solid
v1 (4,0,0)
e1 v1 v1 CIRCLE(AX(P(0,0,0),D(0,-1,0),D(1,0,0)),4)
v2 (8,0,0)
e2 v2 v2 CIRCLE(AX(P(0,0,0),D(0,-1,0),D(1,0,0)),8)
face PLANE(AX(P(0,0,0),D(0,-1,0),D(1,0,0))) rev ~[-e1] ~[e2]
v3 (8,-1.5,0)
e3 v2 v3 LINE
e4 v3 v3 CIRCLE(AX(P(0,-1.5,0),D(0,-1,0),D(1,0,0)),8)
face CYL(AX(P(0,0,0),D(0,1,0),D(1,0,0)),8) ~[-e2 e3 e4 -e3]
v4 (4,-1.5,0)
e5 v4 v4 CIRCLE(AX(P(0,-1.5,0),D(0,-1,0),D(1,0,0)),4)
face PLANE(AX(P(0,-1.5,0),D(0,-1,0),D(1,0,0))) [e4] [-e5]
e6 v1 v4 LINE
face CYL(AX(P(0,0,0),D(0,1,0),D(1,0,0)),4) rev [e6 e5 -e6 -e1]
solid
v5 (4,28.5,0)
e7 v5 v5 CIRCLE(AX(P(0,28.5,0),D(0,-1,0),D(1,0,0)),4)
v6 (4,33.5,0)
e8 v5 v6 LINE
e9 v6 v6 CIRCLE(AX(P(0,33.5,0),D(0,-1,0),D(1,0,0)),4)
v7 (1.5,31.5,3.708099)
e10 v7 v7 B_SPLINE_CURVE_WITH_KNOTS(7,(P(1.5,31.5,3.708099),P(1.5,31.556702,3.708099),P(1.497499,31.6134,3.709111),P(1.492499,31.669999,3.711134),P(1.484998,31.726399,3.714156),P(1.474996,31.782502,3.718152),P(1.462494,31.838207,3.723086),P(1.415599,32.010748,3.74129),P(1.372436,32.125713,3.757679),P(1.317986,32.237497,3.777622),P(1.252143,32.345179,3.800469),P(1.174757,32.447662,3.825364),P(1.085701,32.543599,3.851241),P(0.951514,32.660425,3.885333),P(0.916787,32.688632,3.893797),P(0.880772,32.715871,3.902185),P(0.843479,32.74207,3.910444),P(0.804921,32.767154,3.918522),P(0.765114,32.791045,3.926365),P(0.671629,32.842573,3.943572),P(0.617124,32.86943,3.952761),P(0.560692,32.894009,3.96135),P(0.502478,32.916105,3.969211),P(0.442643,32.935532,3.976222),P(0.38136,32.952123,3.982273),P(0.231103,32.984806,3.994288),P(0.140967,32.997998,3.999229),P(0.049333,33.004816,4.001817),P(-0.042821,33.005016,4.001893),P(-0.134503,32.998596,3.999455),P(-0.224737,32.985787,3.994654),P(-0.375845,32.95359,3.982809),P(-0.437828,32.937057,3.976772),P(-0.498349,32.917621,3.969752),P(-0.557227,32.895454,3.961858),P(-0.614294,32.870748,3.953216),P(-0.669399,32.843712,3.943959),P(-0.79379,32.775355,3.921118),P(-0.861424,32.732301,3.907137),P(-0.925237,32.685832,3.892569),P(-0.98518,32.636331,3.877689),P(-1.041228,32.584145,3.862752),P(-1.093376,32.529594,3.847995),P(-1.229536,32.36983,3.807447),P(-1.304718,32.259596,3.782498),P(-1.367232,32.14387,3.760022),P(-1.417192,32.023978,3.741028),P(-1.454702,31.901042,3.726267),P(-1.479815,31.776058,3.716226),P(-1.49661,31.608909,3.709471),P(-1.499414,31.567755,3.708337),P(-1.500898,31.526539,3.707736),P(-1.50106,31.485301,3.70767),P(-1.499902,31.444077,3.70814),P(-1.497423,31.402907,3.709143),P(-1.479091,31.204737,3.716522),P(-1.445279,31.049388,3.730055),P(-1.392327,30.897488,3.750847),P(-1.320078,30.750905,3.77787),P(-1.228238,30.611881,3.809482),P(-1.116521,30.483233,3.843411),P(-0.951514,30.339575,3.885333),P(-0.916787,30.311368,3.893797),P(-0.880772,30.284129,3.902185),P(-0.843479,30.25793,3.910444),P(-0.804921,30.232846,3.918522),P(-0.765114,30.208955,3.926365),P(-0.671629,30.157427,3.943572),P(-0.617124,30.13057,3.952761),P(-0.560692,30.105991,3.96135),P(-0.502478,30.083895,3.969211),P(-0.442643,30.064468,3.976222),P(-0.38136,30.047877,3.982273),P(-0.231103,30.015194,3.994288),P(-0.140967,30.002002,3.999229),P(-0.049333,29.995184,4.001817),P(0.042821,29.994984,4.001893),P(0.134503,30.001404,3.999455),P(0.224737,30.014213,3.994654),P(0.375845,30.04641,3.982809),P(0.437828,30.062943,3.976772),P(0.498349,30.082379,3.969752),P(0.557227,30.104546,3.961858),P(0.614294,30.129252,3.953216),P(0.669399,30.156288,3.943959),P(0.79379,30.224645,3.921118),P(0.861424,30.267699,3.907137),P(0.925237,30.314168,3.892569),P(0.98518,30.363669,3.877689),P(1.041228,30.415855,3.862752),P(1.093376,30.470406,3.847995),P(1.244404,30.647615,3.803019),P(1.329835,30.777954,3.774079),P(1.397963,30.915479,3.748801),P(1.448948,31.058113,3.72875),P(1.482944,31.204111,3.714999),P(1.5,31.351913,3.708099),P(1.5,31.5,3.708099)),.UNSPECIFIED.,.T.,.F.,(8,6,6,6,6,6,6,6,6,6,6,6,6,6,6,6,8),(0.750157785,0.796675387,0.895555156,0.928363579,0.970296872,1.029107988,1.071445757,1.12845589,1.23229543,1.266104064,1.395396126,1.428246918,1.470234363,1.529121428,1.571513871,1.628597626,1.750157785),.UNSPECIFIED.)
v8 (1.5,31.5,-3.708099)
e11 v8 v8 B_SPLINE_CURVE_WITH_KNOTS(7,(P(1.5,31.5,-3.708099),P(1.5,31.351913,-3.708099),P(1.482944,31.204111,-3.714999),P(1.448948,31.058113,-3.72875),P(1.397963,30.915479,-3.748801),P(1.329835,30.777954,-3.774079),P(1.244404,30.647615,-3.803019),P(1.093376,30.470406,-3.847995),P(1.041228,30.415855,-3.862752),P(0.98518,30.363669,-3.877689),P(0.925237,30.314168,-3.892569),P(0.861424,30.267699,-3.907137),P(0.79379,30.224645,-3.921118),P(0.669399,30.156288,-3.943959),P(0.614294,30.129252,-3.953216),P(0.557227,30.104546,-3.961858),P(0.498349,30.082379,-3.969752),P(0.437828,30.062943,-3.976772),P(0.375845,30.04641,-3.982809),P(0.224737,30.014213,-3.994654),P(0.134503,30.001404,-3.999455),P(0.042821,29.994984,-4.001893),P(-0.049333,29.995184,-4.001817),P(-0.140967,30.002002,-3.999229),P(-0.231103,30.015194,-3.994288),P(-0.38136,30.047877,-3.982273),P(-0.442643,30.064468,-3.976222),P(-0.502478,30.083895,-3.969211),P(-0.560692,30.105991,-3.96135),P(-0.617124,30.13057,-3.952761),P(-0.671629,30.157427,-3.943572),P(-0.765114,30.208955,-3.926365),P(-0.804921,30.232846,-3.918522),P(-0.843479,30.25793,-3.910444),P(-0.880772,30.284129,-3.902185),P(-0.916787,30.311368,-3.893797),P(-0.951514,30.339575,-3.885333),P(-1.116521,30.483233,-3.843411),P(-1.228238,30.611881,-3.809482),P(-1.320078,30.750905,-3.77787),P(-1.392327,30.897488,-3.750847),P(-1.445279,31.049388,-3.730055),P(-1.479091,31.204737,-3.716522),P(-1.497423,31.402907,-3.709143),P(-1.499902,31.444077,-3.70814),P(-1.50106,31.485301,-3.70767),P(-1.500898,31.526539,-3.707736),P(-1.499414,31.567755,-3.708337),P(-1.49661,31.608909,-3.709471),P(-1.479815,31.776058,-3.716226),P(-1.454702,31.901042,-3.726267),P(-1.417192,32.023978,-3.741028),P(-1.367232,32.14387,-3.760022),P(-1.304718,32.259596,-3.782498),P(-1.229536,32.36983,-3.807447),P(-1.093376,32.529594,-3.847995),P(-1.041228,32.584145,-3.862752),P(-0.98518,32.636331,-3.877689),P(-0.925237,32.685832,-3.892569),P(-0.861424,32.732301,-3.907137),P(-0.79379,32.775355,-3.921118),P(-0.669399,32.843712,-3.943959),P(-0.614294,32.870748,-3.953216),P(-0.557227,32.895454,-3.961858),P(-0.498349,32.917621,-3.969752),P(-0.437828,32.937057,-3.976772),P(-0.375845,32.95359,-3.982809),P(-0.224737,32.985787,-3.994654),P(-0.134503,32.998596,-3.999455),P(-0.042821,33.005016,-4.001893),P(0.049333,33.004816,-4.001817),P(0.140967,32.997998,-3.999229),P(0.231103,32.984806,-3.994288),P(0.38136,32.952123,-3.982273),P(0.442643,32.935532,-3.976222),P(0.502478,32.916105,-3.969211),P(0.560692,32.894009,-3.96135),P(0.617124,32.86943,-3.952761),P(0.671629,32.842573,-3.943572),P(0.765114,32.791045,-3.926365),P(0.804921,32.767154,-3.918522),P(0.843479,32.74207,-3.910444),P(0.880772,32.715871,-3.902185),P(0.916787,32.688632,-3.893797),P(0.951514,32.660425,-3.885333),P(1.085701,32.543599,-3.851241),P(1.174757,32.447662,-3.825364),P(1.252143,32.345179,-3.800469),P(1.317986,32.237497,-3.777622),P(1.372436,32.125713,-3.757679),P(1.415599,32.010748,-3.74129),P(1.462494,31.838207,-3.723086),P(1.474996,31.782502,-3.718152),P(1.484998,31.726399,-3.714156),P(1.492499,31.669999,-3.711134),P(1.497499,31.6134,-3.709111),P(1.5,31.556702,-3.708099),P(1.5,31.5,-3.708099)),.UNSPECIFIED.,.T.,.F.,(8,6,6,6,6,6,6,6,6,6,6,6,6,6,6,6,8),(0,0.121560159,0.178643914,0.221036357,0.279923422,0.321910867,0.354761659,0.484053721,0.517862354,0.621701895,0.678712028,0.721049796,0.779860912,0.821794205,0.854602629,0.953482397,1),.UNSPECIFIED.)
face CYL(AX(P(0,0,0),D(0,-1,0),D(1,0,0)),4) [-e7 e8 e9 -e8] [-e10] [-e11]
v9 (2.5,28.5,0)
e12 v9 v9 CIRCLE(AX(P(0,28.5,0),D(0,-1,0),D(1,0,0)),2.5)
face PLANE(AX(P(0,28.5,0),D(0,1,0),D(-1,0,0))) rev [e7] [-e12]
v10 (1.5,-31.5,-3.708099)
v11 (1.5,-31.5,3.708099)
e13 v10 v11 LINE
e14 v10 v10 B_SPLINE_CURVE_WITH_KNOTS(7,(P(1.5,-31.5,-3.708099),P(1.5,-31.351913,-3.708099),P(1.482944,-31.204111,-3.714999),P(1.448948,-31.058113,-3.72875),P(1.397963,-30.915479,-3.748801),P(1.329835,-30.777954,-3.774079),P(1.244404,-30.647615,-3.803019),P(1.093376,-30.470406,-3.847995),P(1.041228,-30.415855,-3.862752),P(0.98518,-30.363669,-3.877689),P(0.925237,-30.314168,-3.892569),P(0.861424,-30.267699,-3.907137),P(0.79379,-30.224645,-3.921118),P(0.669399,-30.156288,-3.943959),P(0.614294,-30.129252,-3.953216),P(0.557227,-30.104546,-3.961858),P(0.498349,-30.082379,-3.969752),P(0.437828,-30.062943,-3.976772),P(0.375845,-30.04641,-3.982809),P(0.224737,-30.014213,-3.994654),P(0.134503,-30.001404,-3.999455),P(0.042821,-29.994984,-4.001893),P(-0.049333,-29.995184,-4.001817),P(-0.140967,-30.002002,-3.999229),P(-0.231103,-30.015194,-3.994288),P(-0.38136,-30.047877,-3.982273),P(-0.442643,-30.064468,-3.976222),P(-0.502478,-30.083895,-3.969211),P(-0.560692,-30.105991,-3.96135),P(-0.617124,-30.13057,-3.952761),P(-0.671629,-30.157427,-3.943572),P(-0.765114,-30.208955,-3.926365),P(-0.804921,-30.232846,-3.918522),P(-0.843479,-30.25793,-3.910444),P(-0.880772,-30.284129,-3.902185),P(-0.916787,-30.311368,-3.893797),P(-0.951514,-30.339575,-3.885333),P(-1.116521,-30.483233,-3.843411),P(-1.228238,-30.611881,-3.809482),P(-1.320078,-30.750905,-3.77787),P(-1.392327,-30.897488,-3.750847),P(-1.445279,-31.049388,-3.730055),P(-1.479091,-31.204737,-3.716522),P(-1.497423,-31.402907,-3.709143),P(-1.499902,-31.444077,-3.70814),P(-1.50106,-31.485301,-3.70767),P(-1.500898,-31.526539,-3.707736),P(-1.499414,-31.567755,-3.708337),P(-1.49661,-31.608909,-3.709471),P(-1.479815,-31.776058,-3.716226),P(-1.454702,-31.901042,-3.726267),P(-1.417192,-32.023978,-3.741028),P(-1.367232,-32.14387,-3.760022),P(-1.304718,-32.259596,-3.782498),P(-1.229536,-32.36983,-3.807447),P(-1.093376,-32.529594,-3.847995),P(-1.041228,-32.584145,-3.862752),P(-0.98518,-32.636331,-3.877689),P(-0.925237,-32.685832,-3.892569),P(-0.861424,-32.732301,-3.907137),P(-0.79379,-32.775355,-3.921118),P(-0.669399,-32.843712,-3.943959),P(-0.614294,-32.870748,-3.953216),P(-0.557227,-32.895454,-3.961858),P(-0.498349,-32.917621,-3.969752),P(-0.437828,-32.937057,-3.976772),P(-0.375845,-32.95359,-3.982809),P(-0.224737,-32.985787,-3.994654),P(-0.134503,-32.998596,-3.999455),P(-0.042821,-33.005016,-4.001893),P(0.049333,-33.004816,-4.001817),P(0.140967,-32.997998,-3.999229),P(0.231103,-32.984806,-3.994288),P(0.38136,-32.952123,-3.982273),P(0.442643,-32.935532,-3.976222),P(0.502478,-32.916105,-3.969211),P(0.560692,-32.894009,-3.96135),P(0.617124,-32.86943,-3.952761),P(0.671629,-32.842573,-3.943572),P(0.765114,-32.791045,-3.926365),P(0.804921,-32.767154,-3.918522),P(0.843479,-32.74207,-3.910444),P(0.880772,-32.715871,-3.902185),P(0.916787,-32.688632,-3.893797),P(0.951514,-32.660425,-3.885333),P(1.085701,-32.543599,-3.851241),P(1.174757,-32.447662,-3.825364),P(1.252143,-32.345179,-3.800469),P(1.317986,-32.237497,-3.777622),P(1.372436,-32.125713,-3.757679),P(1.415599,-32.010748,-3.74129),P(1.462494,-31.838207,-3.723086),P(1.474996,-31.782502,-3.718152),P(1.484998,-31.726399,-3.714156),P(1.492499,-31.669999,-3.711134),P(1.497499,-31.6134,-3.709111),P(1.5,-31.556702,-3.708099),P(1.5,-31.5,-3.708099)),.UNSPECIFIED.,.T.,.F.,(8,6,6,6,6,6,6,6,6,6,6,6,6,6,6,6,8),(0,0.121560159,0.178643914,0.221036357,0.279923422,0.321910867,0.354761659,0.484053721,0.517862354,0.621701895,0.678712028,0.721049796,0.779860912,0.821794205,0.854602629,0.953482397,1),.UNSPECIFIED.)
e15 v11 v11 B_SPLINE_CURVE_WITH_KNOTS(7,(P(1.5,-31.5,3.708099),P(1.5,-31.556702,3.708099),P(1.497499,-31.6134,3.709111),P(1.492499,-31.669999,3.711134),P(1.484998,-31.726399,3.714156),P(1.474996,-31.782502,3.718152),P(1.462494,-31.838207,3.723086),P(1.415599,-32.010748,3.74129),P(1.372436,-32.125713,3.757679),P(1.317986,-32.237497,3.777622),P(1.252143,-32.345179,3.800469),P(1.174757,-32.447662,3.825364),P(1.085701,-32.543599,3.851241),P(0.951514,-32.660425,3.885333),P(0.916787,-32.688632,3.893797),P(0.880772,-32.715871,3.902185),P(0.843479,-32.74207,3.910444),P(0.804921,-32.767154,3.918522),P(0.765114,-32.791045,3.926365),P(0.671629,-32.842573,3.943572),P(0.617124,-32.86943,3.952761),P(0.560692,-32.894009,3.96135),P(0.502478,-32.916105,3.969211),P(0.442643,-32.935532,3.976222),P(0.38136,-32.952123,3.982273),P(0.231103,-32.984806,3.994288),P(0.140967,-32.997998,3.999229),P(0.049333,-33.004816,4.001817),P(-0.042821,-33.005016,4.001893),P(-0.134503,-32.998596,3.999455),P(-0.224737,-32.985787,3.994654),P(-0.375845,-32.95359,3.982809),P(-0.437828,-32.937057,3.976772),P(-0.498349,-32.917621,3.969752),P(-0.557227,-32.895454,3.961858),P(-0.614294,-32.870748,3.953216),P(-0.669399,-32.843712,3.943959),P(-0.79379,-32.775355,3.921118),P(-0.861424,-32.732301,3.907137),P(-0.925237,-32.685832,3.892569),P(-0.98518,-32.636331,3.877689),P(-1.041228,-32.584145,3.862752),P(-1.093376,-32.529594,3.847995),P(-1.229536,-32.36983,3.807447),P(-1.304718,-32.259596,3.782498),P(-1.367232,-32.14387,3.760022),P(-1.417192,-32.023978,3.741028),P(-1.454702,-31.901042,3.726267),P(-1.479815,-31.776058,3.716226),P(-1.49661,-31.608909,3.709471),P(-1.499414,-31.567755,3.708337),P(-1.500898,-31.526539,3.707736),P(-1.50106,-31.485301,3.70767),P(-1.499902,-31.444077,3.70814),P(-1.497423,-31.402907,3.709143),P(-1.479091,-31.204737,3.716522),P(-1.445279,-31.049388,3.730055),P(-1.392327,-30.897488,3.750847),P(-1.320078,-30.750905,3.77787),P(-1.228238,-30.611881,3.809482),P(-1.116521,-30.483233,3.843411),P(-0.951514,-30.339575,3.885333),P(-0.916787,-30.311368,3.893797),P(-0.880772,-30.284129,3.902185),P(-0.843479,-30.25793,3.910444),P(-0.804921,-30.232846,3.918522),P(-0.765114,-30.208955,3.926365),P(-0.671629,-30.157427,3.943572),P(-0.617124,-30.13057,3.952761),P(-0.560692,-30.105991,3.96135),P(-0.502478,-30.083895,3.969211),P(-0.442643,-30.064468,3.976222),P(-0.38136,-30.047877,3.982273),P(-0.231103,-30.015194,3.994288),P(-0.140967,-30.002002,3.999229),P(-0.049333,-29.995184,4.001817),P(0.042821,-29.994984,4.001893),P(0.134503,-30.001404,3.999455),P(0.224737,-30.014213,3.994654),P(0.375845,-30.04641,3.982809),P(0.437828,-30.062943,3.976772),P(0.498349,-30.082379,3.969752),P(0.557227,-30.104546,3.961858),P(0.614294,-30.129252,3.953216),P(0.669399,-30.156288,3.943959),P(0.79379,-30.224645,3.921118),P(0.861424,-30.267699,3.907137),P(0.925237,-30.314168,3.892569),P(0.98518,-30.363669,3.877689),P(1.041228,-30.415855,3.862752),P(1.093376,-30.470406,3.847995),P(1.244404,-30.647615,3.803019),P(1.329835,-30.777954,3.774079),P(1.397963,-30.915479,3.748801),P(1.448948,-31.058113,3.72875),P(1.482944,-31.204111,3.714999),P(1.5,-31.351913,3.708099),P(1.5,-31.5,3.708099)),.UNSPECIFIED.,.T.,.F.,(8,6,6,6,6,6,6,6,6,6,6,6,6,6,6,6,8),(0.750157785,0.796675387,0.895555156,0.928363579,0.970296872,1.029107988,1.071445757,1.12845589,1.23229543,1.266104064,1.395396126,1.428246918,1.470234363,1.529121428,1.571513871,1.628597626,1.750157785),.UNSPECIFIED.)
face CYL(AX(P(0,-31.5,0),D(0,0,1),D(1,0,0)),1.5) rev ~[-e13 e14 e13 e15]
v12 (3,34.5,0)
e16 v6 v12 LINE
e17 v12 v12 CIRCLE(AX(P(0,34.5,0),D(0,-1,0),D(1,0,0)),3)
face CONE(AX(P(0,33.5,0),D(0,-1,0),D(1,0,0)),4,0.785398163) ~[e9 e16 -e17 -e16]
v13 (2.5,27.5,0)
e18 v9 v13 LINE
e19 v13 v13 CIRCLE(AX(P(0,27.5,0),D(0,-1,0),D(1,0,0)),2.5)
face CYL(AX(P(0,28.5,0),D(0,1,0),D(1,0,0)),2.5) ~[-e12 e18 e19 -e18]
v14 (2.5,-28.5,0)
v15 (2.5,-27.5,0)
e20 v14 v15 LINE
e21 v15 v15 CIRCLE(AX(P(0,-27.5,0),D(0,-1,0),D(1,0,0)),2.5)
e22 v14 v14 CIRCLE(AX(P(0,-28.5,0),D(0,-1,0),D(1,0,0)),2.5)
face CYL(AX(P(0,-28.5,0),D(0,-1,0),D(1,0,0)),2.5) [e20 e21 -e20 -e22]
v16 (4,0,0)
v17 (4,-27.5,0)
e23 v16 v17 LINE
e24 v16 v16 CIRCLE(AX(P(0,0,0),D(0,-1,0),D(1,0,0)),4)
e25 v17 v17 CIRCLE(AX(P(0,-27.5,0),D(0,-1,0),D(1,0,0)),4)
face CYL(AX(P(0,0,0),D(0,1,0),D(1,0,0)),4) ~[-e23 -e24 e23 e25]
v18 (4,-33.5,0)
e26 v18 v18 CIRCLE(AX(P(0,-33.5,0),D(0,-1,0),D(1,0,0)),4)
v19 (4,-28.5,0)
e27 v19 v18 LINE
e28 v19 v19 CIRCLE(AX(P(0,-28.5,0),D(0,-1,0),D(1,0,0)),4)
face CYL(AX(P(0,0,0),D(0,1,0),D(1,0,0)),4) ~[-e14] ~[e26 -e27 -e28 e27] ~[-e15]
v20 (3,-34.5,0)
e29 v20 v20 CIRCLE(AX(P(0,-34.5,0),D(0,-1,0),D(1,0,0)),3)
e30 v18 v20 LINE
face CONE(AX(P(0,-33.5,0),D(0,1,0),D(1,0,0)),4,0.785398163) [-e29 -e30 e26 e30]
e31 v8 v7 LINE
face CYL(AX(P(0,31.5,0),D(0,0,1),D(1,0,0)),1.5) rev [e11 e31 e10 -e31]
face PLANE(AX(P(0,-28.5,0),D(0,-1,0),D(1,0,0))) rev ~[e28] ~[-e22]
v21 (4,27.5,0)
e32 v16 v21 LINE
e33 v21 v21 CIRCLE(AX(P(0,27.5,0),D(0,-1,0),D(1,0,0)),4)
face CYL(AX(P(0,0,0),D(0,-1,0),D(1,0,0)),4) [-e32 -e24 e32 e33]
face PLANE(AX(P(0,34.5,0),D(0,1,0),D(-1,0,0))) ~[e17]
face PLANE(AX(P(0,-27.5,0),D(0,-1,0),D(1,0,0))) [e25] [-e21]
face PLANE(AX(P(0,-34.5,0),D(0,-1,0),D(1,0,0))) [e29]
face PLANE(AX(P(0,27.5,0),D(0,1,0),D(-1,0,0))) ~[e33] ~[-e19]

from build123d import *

# Parameters (mm, degrees)
F0_R     = 8
F0_R_2   = 4
F1_DEPTH = 1.5
F2_R     = 4
F3_DEPTH = 34.5
F5_R     = 4
F5_R_2   = 2.5
F6_DEPTH = 1
F7_SIZE  = 1
F8_R     = 1.5
F9_DEPTH = 4


with BuildPart() as f1:
    # F0 (on Front) → F1 (new body)
    with BuildSketch(Plane.XZ):
        Circle(F0_R)
        Circle(F0_R_2, mode=Mode.SUBTRACT)
    extrude(amount=F1_DEPTH)


with BuildPart() as f3:
    # F2 (on Front) → F3 (new body)
    with BuildSketch(Plane.XZ):
        Circle(F2_R)
    extrude(amount=F3_DEPTH)

    # F5 (on offset) → F6 (cut)
    with BuildSketch(Plane.XZ.offset(28.5)):
        Circle(F5_R)
        Circle(F5_R_2, mode=Mode.SUBTRACT)
    extrude(amount=-F6_DEPTH, mode=Mode.SUBTRACT)

    # F7
    f7_edges = [f3.edges().sort_by_distance(p)[0] for p in [
        (-4, -34.5, 0),
    ]]
    chamfer(f7_edges, length=F7_SIZE)

    # F8 (on Top) → F9 (cut, symmetric)
    with BuildSketch(Plane.XY):
        with Locations((0, -31.5)):
            Circle(F8_R)
    extrude(amount=F9_DEPTH, both=True, mode=Mode.SUBTRACT)

    # F10: F3 across plane


with BuildPart() as f3_1:
    add(f3.part)
    add(f3.part.mirror(Plane.XZ))


solid = Compound([f1.part, f3_1.part])
